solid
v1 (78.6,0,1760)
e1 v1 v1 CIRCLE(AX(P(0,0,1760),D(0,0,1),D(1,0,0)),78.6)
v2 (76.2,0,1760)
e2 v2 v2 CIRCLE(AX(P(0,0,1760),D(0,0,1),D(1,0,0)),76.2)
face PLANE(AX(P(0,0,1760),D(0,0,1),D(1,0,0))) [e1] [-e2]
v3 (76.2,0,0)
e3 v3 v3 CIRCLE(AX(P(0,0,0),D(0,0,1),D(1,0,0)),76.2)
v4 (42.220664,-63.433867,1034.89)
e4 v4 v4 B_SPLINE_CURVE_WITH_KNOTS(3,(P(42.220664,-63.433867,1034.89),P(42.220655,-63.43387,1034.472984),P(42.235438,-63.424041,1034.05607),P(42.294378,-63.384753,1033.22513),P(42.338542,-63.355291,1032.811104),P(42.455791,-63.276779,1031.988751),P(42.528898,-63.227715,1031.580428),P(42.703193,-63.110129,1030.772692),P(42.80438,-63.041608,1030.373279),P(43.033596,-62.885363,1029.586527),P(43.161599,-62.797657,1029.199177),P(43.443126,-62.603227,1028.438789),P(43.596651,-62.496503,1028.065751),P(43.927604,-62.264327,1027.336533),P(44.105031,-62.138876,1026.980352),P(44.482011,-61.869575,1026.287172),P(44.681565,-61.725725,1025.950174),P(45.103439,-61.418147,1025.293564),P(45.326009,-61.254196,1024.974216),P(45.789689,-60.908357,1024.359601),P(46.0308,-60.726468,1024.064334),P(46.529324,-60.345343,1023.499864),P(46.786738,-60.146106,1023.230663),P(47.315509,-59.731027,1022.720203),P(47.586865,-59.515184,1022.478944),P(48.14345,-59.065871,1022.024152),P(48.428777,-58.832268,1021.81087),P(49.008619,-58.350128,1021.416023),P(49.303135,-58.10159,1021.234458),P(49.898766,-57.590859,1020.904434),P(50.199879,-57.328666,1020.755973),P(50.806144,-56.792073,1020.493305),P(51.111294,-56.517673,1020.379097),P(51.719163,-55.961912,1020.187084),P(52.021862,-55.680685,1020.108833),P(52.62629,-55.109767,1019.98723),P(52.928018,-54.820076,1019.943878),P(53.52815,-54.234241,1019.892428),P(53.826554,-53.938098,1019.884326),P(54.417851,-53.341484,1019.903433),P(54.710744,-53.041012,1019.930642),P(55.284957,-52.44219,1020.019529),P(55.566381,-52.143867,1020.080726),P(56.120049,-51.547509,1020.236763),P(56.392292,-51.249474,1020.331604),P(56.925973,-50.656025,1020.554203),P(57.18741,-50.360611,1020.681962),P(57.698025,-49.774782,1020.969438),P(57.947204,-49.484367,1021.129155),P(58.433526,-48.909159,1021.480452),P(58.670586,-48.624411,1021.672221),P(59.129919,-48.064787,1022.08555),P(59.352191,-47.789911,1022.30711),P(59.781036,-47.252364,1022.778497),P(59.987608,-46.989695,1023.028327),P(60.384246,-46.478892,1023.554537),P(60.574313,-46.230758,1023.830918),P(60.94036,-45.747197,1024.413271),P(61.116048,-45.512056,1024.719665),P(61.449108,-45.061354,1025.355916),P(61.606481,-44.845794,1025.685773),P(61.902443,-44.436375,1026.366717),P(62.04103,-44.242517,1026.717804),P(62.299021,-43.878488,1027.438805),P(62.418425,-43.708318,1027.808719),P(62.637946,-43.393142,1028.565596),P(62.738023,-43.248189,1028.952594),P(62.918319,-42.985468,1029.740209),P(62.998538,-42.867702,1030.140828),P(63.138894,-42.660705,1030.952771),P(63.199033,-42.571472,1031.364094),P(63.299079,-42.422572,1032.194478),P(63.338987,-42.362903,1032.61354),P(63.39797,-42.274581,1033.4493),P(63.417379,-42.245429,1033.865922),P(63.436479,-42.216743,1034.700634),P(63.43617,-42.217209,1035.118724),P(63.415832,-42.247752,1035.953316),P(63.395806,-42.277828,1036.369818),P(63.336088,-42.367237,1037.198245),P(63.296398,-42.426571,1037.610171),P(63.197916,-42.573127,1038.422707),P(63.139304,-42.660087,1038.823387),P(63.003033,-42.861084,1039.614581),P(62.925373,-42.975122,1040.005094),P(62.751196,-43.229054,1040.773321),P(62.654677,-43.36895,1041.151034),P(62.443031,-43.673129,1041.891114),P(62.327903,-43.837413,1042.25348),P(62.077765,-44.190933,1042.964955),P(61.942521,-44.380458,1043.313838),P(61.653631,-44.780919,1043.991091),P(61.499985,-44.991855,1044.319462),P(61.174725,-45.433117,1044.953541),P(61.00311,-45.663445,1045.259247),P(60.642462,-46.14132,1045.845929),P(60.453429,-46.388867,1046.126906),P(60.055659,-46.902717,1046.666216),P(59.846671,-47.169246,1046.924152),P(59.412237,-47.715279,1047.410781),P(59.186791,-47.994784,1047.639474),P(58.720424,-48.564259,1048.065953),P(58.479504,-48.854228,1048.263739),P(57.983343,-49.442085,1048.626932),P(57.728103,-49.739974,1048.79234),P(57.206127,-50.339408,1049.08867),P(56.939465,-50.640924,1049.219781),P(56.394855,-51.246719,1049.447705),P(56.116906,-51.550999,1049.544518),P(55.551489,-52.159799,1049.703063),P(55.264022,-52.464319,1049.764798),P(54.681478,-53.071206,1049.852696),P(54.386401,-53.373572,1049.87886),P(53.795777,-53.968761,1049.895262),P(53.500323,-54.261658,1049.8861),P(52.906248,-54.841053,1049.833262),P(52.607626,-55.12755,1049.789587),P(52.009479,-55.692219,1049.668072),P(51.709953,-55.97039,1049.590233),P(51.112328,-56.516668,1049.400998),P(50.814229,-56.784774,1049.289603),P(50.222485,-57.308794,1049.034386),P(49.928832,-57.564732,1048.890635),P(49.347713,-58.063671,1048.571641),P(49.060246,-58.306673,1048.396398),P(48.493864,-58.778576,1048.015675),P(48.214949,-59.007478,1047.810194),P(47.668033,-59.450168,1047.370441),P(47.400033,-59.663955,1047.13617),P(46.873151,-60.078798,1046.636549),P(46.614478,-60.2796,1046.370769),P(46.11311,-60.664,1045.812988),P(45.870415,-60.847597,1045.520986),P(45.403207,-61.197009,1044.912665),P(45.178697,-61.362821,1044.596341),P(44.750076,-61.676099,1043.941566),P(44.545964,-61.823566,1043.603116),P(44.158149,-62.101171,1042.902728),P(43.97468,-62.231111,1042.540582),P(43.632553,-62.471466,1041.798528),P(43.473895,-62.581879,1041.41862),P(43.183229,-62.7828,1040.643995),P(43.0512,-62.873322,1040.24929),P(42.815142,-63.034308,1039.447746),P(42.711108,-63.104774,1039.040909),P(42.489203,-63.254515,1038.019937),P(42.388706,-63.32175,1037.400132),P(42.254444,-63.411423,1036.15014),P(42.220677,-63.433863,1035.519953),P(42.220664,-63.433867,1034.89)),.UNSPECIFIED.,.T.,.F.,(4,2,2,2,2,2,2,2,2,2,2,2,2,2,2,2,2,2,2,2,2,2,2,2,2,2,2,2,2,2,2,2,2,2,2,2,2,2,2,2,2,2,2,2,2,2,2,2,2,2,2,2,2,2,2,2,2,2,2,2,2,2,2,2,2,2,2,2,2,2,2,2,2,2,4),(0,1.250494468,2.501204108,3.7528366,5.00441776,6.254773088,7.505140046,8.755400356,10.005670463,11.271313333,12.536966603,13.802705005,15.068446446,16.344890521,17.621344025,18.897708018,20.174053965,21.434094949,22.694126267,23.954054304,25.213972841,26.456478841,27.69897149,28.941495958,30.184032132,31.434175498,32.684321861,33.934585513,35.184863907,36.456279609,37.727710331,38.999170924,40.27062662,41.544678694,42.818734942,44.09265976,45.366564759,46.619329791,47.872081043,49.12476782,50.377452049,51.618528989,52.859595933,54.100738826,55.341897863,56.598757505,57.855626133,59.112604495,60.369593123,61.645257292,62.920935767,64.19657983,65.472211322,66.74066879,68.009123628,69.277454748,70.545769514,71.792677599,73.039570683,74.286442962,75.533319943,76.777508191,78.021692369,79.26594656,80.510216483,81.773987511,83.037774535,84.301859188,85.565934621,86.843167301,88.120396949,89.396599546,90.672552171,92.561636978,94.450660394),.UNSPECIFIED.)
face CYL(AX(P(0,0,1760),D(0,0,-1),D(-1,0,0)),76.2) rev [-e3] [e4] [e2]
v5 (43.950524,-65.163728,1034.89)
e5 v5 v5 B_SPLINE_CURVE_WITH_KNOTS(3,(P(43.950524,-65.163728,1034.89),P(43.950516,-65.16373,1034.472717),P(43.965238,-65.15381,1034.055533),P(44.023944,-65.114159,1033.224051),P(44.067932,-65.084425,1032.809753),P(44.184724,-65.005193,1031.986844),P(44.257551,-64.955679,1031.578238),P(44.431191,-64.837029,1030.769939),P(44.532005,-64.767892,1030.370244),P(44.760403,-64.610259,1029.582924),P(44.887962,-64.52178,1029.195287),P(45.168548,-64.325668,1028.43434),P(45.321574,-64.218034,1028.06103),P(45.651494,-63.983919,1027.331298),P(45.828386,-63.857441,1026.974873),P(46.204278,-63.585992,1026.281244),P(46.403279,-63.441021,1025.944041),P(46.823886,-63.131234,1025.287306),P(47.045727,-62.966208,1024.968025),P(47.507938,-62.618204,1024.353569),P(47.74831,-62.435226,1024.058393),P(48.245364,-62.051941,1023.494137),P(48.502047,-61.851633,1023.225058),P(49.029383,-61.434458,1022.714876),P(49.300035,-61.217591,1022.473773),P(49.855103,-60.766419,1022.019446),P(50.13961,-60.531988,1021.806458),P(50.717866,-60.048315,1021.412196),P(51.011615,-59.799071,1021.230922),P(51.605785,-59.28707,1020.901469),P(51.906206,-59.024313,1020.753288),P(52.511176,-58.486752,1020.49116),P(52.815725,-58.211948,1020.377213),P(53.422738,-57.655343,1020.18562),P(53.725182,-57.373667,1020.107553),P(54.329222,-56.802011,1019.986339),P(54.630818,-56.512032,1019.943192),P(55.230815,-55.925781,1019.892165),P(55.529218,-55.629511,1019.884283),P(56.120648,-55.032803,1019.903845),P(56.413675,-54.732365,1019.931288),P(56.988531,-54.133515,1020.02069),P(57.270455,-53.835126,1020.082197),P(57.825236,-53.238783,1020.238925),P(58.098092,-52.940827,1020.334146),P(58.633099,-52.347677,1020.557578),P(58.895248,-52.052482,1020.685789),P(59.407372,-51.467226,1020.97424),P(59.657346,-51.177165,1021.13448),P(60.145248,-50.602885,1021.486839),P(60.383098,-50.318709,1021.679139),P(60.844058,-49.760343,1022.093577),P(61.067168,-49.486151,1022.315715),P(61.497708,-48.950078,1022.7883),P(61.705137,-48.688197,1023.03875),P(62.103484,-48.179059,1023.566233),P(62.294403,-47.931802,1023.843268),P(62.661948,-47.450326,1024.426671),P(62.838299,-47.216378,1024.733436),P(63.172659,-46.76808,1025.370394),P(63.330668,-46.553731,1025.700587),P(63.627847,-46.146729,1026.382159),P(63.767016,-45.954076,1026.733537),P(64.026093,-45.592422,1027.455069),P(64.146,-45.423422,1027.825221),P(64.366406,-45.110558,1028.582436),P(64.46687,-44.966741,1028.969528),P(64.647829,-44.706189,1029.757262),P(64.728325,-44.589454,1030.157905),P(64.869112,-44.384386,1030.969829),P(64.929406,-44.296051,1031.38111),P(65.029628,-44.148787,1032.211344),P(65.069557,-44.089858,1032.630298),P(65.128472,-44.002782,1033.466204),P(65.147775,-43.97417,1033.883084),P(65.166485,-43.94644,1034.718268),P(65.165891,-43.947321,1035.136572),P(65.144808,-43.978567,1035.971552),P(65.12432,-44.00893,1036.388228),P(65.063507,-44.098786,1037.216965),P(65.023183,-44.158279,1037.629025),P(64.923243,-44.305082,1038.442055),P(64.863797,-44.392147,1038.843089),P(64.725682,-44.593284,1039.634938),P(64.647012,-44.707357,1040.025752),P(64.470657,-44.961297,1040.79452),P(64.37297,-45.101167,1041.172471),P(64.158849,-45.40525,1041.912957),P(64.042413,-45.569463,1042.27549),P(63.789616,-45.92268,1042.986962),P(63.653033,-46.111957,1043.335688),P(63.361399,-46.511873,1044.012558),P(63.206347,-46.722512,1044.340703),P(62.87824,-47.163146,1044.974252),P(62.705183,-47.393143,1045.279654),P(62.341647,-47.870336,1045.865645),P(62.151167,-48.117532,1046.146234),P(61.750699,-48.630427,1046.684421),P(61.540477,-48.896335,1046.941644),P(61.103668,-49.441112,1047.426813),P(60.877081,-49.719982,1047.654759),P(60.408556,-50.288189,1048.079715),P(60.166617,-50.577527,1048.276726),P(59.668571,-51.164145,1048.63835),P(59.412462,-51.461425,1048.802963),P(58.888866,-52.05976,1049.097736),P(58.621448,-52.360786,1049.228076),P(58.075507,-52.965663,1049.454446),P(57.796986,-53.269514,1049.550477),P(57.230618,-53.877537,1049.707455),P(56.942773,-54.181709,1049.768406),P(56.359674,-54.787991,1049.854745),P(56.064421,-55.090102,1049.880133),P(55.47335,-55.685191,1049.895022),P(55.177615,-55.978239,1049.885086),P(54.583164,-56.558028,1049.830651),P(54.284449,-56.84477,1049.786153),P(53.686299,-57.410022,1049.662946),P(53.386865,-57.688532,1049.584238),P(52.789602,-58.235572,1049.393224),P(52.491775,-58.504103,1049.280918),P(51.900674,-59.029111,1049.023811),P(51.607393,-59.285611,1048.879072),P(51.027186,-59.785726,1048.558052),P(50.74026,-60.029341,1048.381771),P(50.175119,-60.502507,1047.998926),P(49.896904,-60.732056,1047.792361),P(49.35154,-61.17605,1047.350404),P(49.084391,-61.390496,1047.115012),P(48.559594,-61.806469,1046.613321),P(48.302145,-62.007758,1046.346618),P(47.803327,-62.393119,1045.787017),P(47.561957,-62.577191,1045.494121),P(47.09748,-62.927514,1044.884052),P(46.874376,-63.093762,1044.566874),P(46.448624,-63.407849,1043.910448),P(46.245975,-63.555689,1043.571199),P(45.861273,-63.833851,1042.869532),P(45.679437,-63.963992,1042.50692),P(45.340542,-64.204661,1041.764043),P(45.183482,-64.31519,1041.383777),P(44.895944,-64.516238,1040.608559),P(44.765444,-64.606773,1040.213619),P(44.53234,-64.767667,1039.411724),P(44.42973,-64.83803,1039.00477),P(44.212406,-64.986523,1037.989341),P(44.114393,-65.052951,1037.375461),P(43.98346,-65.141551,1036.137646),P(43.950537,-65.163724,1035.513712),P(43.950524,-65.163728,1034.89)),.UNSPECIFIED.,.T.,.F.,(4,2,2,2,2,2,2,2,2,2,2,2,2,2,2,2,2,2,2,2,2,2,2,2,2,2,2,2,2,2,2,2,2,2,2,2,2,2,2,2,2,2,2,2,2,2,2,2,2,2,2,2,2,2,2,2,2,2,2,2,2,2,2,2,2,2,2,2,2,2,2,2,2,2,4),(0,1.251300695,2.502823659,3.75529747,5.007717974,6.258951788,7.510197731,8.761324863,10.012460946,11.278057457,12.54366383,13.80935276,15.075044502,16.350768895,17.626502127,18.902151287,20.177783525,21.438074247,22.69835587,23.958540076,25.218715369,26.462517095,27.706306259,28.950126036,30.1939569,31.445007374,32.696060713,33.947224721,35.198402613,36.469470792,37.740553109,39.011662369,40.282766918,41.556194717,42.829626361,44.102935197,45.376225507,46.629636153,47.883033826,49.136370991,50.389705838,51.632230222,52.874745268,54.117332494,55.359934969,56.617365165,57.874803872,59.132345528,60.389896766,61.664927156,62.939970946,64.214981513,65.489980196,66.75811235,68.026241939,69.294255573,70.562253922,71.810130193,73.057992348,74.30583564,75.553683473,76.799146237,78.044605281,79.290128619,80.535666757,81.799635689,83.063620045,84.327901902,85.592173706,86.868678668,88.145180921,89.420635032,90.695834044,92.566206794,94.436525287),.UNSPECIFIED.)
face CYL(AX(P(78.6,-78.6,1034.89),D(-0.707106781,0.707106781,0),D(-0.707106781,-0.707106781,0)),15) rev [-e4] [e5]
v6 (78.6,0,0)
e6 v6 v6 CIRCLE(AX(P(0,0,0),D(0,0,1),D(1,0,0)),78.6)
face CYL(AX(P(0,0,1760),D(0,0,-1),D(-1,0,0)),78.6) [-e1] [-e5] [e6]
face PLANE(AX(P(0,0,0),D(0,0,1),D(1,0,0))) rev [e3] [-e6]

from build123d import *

# Parameters (mm, degrees)
SKETCH1_R           = 78.6
SKETCH1_R_2         = 76.2
BOSS_EXTRUDE1_DEPTH = 1760
SKETCH5_R           = 15
CUT_EXTRUDE2_DEPTH  = 1764.506711073


with BuildPart() as part:
    # Sketch1 → Boss-Extrude1 (new body)
    with BuildSketch(Plane.XY):
        Circle(SKETCH1_R)
        Circle(SKETCH1_R_2, mode=Mode.SUBTRACT)
    extrude(amount=BOSS_EXTRUDE1_DEPTH)

    # Sketch5 → Cut-Extrude2 (cut, through all)
    with BuildSketch(Plane(origin=(0, 0, 0), x_dir=(0, 0, -1), z_dir=(0.7071067811865489, -0.7071067811865462, 0))):
        with Locations(Location((-1034.89, 0, 0), (0, 0, 270))):
            Circle(SKETCH5_R)
    extrude(amount=CUT_EXTRUDE2_DEPTH, mode=Mode.SUBTRACT)


solid = part.part
